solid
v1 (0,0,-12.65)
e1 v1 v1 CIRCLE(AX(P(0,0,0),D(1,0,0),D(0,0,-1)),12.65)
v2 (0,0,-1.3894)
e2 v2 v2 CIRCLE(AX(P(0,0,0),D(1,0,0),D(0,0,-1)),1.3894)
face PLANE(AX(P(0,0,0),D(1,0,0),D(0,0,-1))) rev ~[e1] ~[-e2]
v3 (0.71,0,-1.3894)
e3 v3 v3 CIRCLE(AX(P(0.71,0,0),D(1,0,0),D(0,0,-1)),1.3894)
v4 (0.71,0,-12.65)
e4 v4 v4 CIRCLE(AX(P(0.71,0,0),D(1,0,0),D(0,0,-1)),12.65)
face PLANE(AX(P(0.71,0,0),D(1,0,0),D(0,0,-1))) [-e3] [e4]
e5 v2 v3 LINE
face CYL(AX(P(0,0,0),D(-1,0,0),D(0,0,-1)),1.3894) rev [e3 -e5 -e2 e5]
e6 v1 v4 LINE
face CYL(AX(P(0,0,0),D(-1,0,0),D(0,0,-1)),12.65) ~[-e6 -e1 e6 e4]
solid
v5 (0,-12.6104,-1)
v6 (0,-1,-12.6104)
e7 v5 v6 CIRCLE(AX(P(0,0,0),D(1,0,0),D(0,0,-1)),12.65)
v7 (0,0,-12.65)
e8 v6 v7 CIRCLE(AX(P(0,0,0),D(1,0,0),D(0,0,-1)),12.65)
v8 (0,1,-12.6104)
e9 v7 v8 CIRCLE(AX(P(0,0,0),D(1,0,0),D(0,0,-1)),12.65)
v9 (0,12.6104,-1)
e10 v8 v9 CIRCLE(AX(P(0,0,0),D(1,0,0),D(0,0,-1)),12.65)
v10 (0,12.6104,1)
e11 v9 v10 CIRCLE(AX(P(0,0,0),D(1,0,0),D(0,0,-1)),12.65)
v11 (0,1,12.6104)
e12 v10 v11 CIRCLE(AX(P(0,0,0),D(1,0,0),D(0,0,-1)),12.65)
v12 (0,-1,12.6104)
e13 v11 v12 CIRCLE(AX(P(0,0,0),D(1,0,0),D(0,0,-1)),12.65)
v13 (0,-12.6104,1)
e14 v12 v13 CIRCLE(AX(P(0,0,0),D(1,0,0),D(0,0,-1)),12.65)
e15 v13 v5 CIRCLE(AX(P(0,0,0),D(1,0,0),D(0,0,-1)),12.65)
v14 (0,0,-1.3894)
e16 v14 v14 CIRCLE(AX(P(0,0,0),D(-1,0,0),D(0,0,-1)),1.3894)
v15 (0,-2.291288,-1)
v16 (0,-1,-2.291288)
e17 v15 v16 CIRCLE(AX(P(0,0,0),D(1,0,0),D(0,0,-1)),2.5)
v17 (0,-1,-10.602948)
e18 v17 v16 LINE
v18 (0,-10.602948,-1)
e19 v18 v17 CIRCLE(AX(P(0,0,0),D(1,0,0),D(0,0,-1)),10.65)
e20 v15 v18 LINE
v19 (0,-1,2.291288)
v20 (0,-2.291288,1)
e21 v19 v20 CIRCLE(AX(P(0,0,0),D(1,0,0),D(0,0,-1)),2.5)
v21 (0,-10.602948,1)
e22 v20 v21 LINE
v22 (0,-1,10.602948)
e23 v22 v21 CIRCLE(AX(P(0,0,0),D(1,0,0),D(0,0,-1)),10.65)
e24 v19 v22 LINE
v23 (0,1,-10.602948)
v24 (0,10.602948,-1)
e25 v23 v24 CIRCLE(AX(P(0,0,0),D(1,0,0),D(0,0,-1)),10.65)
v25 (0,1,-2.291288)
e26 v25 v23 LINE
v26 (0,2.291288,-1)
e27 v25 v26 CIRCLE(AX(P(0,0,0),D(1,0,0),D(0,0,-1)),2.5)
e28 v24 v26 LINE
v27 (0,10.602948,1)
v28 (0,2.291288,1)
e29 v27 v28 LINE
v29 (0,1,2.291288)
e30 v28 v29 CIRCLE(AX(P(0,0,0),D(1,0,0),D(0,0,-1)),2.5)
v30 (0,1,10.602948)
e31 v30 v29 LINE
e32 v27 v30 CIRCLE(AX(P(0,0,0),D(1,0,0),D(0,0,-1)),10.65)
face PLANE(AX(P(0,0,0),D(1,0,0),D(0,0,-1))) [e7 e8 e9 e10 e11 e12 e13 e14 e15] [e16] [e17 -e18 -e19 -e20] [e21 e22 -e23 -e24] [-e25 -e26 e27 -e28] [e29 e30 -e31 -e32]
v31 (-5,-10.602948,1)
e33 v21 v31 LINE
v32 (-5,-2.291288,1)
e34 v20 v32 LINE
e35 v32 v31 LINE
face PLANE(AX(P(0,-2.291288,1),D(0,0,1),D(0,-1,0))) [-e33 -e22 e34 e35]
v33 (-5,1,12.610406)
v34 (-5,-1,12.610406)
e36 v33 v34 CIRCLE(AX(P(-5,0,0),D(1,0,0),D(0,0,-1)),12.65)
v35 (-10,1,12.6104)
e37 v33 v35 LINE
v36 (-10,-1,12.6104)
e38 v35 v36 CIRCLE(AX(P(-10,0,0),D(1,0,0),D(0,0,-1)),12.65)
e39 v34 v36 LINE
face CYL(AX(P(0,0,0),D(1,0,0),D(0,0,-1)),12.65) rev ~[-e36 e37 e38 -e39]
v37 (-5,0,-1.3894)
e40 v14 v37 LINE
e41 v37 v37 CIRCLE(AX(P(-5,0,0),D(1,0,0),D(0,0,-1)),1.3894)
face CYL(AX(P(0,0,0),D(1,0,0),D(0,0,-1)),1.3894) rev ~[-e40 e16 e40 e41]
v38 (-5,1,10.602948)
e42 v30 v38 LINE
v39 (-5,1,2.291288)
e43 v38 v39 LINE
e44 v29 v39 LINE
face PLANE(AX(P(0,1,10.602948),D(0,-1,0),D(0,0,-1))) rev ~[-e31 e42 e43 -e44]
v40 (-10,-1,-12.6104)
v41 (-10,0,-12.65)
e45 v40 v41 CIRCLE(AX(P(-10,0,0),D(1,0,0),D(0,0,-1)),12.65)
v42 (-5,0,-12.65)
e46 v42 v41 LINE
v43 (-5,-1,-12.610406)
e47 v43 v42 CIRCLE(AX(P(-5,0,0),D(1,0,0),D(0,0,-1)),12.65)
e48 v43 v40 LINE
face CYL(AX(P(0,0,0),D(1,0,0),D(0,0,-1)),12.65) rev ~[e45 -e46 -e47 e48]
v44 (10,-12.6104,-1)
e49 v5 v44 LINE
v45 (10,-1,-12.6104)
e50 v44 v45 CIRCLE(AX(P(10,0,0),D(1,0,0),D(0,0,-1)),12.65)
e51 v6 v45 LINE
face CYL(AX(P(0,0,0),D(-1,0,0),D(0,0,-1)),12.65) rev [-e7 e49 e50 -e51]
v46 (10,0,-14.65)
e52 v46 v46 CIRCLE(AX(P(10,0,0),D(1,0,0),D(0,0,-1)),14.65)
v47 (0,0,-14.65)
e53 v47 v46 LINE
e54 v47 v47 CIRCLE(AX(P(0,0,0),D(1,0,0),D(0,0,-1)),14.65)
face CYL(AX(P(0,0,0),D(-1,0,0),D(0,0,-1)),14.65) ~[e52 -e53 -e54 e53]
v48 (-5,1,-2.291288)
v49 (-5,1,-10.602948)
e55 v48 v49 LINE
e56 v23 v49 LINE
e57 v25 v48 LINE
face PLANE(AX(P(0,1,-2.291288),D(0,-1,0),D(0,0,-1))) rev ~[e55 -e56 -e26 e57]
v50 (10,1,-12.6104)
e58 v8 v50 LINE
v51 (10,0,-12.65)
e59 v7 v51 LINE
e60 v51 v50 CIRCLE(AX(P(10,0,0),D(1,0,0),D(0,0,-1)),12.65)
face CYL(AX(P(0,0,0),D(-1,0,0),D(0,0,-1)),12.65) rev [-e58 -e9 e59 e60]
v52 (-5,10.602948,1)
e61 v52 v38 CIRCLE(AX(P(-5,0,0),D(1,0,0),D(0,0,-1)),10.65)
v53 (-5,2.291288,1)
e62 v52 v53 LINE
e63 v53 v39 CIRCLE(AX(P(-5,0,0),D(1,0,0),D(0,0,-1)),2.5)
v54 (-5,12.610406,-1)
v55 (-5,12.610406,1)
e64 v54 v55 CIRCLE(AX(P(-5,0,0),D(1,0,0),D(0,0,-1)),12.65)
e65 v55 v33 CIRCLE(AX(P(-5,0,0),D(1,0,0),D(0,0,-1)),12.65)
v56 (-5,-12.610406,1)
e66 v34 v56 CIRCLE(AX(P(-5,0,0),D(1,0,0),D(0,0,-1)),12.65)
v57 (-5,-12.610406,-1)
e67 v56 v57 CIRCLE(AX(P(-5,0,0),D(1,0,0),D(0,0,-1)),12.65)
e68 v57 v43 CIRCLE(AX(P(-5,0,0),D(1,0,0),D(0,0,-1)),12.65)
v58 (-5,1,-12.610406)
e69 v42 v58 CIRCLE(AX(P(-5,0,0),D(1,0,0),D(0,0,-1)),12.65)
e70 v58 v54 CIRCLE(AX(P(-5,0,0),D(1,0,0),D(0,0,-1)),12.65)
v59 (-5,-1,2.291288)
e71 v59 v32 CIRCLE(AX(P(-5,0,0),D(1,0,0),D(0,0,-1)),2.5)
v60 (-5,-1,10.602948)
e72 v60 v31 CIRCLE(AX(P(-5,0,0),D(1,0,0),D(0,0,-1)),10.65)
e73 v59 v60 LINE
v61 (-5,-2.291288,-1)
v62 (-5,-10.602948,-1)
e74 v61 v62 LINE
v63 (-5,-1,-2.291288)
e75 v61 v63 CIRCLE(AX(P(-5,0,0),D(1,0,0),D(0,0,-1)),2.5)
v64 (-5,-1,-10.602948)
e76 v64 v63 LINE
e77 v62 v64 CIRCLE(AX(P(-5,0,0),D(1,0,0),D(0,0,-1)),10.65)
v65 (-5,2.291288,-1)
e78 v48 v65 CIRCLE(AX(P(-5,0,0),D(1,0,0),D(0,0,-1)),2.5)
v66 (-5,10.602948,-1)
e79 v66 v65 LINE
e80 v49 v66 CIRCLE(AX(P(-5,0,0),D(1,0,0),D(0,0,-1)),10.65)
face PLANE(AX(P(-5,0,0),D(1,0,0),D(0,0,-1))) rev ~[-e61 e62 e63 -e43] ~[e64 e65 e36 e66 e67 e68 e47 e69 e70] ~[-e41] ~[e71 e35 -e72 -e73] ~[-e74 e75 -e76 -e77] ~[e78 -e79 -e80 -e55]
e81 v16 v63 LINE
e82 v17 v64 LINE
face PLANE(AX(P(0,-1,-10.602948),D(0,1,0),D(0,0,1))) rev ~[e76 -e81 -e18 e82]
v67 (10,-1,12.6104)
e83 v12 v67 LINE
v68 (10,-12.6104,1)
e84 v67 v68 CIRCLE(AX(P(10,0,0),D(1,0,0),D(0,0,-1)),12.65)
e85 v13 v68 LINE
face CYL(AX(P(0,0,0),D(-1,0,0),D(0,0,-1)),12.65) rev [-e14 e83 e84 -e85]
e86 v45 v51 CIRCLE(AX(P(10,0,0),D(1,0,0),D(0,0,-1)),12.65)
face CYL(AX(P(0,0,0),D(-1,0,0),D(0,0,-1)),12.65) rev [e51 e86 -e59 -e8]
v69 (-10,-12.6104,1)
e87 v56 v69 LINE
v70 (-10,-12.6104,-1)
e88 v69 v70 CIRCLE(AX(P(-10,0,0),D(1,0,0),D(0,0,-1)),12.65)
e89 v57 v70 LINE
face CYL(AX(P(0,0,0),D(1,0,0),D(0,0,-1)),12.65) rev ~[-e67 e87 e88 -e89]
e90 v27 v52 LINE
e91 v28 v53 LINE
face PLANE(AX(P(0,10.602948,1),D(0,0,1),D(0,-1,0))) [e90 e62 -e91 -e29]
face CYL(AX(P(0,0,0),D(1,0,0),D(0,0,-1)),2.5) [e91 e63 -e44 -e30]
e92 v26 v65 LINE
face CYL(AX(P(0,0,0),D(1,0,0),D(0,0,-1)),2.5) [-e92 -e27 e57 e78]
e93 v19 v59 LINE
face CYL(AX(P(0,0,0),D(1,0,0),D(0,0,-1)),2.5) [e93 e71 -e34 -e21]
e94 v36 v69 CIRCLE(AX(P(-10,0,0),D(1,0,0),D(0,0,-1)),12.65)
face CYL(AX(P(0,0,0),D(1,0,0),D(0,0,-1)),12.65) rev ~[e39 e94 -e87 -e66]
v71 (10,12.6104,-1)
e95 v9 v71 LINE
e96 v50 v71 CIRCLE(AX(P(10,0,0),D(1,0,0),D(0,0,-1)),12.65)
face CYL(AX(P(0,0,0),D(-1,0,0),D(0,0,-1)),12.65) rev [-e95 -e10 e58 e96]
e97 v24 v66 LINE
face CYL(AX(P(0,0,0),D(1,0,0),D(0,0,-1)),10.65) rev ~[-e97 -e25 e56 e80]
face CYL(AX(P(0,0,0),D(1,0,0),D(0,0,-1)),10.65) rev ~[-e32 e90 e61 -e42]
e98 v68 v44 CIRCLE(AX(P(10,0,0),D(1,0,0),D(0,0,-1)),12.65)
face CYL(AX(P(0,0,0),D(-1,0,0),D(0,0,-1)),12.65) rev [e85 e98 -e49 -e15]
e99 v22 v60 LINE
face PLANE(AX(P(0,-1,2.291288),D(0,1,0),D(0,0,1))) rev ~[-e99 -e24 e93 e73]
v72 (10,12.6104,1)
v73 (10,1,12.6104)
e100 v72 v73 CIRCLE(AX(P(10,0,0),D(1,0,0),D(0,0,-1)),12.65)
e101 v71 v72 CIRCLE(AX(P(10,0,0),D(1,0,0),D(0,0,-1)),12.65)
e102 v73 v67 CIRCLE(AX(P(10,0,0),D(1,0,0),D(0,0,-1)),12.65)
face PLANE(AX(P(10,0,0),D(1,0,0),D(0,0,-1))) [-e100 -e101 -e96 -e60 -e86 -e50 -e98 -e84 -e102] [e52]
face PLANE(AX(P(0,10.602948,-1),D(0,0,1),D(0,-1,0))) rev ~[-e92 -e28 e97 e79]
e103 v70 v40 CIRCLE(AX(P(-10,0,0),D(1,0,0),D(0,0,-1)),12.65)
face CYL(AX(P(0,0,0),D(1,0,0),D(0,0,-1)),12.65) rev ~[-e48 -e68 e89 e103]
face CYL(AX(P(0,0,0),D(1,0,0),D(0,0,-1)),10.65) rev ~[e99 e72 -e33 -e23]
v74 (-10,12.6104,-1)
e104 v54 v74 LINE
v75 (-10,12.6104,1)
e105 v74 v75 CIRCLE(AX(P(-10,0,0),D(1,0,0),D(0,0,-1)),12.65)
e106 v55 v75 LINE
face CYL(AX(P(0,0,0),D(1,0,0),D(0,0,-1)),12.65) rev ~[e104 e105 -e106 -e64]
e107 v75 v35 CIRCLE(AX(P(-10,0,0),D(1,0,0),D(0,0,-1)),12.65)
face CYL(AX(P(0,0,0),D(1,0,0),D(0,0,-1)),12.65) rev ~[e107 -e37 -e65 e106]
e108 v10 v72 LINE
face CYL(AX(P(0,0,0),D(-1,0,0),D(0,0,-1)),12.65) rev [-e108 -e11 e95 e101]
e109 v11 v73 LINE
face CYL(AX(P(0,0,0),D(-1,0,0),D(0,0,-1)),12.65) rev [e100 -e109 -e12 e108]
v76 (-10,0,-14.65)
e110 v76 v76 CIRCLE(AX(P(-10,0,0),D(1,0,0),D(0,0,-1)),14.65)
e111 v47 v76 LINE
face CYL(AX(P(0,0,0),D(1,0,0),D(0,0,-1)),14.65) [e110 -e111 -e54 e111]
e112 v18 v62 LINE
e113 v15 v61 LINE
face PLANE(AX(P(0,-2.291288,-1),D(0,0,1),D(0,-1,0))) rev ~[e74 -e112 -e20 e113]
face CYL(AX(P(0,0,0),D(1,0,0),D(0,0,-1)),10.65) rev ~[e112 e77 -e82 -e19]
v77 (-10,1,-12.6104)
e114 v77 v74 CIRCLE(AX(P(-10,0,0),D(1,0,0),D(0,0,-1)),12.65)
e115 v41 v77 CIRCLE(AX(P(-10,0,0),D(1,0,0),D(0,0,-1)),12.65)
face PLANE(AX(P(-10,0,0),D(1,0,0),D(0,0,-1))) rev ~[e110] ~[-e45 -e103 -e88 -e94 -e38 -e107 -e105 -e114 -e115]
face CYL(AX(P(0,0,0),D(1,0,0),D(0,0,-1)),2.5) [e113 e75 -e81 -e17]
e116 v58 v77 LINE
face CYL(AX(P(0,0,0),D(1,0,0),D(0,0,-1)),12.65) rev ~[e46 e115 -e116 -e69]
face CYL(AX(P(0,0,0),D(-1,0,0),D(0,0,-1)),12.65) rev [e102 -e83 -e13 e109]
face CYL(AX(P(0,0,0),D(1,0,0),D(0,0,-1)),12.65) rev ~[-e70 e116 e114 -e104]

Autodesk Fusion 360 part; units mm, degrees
sketch "Sketch1" plane through (0, 0, 0) normal (1, 0, 0) x (0, 0, -1)
  circle A0 centre (0, 0) radius 12.65
  circle A1 centre (0, 0) radius 14.65
  line L0 (0, 0) -> (0, 12.65) construction
  line L1 (0, 0) -> (0, -12.65) construction
  line L2 (-1, 12.6104) -> (-1, -12.6104)
  line L3 (1, 12.6104) -> (1, -12.6104)
  line L4 (0, 0) -> (12.65, 0) construction
  line L5 (0, 0) -> (-12.65, 0) construction
  line L6 (12.6104, -1) -> (-12.6104, -1)
  line L7 (-12.6104, 1) -> (12.6104, 1)
  circle A2 centre (0, 0) radius 2.5
  circle A3 centre (0, 0) radius 10.65
  circle A4 centre (0, 0) radius 1.3894
  dimension "d1" = 25.3
  dimension "d2" = 2
  dimension "d3" = 2
  dimension "d4" = 2
  dimension "d5" = 5
  dimension "d6" = 2
  dimension "d7" = 2.7788
extrude "Extrude1" add sketch "Sketch1" along normal mid plane 20 makes body 1
extrude "Extrude2" add sketch "Sketch1" against normal blind 5 contours A0 L6 L7 A3 | A0 L3 L7 A3 | A0 L3 L6 A3 | A0 L2 L3 A3 | L6 L7 A2 A3 | A0 L2 L3 A3 | A0 L2 L7 A3 | L2 L3 A2 A3 | L3 L6 L7 A2 A4 | L3 L7 A2 | A0 L2 L6 A3 | L2 L3 A2 A3 | L3 L6 A2 | A0 L6 L7 A3 | L2 L3 L7 A2 A4 | L3 L7 A4 | L2 L3 L6 A2 A4 | L3 L6 A4 | L6 L7 A2 A3 | L2 L7 A2 | L2 L6 A2 | L2 L6 L7 A2 A4 | L2 L7 A4 | L2 L6 A4 bodies 1
sketch "Sketch2" plane through (0, 0, 0) normal (1, 0, 0) x (0, 0, -1)
  circle A0 centre (0, 0) radius 1.3894
  arc A1 (-10.6029, -1) -> (-1, -10.6029) centre (0, 0) ccw
  line L0 (-10.6029, -1) -> (-2.2913, -1)
  arc A2 (-2.2913, -1) -> (-1, -2.2913) centre (0, 0) ccw
  line L1 (-1, -2.2913) -> (-1, -10.6029)
  line L2 (10.6029, 1) -> (2.2913, 1)
  arc A3 (2.2913, 1) -> (1, 2.2913) centre (0, 0) ccw
  line L3 (1, 2.2913) -> (1, 10.6029)
  arc A4 (10.6029, 1) -> (1, 10.6029) centre (0, 0) ccw
  line L4 (1, -10.6029) -> (1, -2.2913)
  arc A5 (1, -2.2913) -> (2.2913, -1) centre (0, 0) ccw
  line L5 (2.2913, -1) -> (10.6029, -1)
  arc A6 (1, -10.6029) -> (10.6029, -1) centre (0, 0) ccw
  line L6 (-2.2913, 1) -> (-10.6029, 1)
  arc A7 (-1, 10.6029) -> (-10.6029, 1) centre (0, 0) ccw
  line L7 (-1, 10.6029) -> (-1, 2.2913)
  arc A8 (-1, 2.2913) -> (-2.2913, 1) centre (0, 0) ccw
  circle A9 centre (0, 0) radius 12.65
extrude "Extrude1'" add sketch "Sketch2" along normal blind 0.71 separate body contours A1 L0 A2 L1 | L2 A3 L3 A4 | L4 A5 L5 A6 | L6 A7 L7 A8 | A9 makes body 2 in component "Component"
component "Component" placed x (1, 0, 0) y (0, 1, 0) z (0, 0, 1) at (0, 0, 0)
